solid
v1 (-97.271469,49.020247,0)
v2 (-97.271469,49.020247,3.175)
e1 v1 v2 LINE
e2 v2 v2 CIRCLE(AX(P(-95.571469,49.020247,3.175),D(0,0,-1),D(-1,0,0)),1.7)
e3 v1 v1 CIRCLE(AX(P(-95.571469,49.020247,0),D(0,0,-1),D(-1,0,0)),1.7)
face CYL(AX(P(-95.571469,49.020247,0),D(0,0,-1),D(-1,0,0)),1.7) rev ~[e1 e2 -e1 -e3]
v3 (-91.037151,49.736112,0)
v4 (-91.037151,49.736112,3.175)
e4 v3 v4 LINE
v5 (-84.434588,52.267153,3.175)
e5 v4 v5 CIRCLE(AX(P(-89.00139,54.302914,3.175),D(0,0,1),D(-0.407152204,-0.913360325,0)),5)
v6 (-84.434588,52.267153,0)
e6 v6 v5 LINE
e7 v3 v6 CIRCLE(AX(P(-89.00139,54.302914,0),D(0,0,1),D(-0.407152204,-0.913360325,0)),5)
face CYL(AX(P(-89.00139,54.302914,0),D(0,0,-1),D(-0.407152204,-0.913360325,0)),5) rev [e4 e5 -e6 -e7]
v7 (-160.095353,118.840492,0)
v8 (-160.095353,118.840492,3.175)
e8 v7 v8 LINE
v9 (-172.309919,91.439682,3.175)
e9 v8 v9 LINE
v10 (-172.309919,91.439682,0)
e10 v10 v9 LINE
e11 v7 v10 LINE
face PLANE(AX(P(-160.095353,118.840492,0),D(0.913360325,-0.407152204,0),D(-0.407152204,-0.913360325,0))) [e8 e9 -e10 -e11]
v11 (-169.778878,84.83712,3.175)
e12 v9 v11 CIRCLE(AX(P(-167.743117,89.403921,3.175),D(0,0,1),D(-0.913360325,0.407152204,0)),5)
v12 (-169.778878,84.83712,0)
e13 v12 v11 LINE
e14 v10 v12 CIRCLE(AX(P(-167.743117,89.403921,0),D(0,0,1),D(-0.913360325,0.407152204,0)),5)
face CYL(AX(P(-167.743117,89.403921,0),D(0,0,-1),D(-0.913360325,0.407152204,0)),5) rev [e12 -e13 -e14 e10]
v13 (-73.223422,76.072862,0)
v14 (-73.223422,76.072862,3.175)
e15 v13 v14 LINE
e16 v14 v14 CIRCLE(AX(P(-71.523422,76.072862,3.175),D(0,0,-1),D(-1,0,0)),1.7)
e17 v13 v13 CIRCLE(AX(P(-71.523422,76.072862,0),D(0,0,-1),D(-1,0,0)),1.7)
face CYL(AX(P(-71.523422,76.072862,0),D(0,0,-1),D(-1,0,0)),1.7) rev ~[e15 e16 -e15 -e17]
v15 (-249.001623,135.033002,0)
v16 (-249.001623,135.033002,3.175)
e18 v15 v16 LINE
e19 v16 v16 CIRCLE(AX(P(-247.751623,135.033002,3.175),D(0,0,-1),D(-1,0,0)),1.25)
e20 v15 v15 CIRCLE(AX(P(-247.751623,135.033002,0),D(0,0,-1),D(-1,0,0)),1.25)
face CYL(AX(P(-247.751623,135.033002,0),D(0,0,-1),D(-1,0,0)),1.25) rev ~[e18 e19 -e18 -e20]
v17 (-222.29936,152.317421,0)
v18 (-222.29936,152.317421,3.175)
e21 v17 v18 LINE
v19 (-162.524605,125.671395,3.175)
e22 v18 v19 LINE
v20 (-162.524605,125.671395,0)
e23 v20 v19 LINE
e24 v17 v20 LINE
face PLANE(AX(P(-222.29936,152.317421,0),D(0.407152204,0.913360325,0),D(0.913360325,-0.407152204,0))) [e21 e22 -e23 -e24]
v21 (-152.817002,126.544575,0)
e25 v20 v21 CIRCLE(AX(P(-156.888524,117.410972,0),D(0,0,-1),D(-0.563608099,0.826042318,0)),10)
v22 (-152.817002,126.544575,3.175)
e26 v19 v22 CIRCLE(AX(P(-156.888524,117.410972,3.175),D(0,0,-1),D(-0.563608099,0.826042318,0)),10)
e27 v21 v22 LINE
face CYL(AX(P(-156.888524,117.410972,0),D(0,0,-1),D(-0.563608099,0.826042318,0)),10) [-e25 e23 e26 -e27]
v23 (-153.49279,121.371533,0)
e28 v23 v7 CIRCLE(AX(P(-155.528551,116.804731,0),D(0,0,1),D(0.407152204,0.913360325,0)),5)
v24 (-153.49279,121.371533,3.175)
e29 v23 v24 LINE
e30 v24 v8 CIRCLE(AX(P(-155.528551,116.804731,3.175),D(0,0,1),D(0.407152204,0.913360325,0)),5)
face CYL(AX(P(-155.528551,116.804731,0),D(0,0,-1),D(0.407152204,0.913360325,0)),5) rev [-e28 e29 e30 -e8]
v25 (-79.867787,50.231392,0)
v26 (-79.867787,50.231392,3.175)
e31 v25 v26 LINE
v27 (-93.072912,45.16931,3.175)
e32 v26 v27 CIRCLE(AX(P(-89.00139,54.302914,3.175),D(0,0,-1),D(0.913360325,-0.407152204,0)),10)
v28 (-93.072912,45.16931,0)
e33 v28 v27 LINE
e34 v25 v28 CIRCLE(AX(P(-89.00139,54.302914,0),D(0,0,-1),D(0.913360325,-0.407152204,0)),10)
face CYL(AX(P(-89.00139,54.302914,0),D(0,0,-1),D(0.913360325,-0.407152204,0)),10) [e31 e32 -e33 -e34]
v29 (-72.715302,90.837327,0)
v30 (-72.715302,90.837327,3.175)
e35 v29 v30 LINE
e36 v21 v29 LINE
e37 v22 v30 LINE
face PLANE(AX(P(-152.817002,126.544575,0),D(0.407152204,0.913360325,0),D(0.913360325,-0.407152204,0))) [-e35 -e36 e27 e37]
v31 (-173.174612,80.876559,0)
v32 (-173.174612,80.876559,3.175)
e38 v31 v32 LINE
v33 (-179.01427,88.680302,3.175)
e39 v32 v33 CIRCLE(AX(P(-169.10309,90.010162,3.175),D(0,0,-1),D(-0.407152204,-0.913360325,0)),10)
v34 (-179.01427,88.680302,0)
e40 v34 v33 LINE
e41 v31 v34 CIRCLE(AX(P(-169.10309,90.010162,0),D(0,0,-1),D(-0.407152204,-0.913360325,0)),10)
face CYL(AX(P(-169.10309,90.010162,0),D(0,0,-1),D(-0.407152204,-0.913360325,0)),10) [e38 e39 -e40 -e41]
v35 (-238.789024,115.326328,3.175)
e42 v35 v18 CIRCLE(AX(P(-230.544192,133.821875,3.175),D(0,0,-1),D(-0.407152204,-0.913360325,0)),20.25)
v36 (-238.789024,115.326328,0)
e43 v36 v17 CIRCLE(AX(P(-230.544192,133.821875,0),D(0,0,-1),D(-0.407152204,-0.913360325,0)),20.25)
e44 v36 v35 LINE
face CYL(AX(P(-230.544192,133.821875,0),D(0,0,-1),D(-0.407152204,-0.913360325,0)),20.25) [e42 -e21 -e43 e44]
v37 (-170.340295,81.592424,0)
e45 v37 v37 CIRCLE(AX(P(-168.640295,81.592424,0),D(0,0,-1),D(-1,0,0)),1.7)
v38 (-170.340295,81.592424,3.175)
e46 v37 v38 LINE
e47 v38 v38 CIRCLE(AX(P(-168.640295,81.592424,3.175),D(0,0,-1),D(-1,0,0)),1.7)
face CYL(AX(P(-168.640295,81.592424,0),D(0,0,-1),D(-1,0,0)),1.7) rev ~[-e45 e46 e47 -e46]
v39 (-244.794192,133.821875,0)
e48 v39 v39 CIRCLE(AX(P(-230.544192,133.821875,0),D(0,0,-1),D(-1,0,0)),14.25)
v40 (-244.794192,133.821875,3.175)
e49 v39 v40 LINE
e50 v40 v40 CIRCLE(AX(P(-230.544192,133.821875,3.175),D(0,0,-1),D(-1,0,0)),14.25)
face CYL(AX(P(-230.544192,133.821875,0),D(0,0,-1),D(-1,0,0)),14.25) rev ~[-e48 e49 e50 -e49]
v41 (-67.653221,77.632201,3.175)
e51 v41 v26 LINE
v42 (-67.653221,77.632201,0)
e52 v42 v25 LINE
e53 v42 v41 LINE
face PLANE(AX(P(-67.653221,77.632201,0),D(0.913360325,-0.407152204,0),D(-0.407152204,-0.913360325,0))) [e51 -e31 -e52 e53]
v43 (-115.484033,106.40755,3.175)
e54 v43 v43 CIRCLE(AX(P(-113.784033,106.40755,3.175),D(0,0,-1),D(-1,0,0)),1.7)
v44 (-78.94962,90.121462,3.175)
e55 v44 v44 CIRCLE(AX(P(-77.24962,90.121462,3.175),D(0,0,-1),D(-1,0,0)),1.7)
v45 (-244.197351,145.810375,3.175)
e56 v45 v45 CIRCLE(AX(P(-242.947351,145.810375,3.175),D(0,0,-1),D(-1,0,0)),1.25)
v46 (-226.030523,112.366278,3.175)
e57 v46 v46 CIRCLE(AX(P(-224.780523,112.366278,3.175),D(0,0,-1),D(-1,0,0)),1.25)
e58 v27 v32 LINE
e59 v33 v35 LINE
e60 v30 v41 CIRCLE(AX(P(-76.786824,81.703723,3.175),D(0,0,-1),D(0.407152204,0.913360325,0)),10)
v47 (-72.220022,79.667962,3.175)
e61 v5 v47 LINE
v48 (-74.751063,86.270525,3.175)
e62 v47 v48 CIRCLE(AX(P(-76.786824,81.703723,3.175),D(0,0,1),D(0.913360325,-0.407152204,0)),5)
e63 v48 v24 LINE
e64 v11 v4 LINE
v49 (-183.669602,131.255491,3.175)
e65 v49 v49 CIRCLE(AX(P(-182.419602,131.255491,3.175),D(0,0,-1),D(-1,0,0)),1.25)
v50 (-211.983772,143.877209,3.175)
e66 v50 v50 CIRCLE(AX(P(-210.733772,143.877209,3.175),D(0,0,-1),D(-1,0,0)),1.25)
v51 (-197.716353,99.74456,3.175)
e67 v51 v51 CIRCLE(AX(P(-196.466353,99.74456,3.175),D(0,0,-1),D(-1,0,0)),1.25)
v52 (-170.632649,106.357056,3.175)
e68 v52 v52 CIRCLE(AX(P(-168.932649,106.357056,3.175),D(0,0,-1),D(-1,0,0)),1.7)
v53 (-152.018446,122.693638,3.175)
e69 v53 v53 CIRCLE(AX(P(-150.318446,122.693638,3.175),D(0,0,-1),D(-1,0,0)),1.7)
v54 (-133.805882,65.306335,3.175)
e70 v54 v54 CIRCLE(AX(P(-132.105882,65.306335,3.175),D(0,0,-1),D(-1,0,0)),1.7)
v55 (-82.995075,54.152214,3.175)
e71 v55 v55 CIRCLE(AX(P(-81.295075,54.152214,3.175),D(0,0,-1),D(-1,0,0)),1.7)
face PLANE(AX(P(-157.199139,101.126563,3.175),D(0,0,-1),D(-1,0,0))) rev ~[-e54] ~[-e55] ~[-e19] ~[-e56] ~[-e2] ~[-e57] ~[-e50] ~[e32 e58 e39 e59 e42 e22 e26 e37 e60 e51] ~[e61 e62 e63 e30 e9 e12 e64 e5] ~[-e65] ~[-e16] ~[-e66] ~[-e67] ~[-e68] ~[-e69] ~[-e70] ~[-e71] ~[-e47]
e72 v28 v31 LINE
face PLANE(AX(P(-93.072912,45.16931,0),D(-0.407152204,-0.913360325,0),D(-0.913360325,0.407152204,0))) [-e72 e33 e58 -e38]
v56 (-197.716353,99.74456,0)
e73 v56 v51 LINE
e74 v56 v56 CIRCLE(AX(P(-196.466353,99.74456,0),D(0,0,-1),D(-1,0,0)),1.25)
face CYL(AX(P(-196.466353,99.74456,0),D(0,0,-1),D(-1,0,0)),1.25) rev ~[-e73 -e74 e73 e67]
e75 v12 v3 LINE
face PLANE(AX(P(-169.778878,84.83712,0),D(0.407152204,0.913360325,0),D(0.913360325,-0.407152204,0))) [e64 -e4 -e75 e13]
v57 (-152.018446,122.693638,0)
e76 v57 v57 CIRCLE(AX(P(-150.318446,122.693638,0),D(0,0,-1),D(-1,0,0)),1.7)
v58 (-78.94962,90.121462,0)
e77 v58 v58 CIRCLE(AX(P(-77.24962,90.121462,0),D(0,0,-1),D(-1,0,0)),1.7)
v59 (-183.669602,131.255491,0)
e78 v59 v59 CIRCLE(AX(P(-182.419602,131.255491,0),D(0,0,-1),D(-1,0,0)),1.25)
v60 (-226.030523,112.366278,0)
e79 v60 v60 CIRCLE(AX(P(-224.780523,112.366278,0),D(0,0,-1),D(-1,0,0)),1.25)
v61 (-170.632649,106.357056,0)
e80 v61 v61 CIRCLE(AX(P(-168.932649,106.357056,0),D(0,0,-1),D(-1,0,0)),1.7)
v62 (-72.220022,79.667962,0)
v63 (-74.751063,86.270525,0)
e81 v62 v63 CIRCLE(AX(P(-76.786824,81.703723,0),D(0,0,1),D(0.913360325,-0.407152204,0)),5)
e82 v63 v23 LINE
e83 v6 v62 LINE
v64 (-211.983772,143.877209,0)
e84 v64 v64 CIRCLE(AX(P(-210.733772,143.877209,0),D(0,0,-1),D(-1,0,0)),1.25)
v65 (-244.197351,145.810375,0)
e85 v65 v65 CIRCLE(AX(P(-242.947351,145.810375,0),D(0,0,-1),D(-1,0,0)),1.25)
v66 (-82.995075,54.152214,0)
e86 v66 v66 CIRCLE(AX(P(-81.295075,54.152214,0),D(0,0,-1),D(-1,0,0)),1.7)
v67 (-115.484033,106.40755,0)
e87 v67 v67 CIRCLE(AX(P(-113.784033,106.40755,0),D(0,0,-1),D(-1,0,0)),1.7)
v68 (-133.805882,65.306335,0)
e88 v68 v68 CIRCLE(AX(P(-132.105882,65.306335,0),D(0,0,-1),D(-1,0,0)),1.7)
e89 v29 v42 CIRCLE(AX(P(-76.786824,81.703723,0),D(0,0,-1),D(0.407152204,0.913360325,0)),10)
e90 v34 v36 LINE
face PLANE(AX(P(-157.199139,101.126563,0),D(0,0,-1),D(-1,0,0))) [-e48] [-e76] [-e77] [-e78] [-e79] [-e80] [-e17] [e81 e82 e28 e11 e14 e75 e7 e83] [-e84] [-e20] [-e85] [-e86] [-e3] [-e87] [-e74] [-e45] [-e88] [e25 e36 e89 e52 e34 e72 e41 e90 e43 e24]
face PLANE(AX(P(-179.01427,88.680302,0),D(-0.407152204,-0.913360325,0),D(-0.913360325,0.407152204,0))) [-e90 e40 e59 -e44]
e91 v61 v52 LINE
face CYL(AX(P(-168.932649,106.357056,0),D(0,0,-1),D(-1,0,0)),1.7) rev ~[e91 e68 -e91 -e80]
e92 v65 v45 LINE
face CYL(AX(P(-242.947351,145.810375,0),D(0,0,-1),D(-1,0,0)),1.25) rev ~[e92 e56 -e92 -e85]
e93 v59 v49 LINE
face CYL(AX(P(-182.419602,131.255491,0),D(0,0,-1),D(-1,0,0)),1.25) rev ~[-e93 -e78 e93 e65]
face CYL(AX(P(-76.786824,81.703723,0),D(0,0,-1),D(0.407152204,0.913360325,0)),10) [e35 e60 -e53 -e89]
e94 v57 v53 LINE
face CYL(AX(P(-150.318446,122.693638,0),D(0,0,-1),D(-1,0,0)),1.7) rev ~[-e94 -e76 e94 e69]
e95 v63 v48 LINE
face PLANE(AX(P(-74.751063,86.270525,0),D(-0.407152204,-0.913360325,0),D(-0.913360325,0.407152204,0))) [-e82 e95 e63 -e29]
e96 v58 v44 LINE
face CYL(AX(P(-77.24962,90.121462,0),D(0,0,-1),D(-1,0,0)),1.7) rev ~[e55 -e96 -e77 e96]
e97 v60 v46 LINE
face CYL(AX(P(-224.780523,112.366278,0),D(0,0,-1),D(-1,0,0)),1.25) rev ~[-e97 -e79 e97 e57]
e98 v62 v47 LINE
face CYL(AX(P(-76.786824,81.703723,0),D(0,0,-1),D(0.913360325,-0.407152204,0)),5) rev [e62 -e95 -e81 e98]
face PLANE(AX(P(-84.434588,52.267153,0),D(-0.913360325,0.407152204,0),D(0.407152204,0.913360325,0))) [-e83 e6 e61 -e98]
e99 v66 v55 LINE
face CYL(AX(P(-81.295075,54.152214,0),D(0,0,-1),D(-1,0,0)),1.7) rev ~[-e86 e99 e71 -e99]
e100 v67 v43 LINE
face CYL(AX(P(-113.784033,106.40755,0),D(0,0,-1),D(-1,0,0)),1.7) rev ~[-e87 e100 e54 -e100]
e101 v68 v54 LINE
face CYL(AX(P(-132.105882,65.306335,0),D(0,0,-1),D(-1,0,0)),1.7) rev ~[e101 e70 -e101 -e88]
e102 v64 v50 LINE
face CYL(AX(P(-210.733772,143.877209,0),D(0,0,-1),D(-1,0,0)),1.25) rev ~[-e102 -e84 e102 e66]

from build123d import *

# Parameters (mm, degrees)
SKETCH1_R           = 1.7
SKETCH1_R_2         = 14.25
SKETCH1_R_3         = 1.25
BOSS_EXTRUDE1_DEPTH = 3.175


with BuildPart() as part:
    # Sketch1 → Boss-Extrude1 (new body)
    with BuildSketch(Plane(origin=(0, 0, 0), x_dir=(-1, 0, 0), z_dir=(0, 0, -1))):
        with BuildLine():
            Line((67.653220557, 77.632201435), (79.867786674, 50.231391692))
            ThreePointArc((79.867786674, 50.231391692), (85.421957972, 44.965480094), (93.072911961, 45.169310483))
            Line((93.072911961, 45.169310483), (173.174612442, 80.876558766))
            ThreePointArc((173.174612442, 80.876558766), (177.109561802, 84.018800254), (179.014269534, 88.680301782))
            Line((179.014269534, 88.680301782), (238.78902448, 115.326328059))
            ThreePointArc((238.78902448, 115.326328059), (249.039738928, 142.066706765), (222.299360222, 152.317421212))
            Line((222.299360222, 152.317421212), (162.524605276, 125.671394934))
            ThreePointArc((162.524605276, 125.671394934), (157.784388135, 127.370762315), (152.817002247, 126.544575004))
            Line((152.817002247, 126.544575004), (72.715301765, 90.837326721))
            ThreePointArc((72.715301765, 90.837326721), (67.449390168, 85.283155423), (67.653220557, 77.632201435))
        make_face()
        with Locations((168.932649456, 106.357056211)):
            Circle(SKETCH1_R, mode=Mode.SUBTRACT)
        with Locations((71.52342211, 76.072861852)):
            Circle(SKETCH1_R, mode=Mode.SUBTRACT)
        with Locations((81.295075004, 54.152214057)):
            Circle(SKETCH1_R, mode=Mode.SUBTRACT)
        with Locations((77.249619525, 90.121461895)):
            Circle(SKETCH1_R, mode=Mode.SUBTRACT)
        with Locations((113.784032516, 106.407550051)):
            Circle(SKETCH1_R, mode=Mode.SUBTRACT)
        with Locations((150.318445506, 122.693638207)):
            Circle(SKETCH1_R, mode=Mode.SUBTRACT)
        with Locations((168.640294682, 81.592423593)):
            Circle(SKETCH1_R, mode=Mode.SUBTRACT)
        with Locations((132.105881692, 65.306335437)):
            Circle(SKETCH1_R, mode=Mode.SUBTRACT)
        with Locations((95.571468701, 49.02024728)):
            Circle(SKETCH1_R, mode=Mode.SUBTRACT)
        with Locations((230.544192351, 133.821874636)):
            Circle(SKETCH1_R_2, mode=Mode.SUBTRACT)
        with Locations((196.466353254, 99.744559857)):
            Circle(SKETCH1_R_3, mode=Mode.SUBTRACT)
        with Locations((224.780523322, 112.366278179)):
            Circle(SKETCH1_R_3, mode=Mode.SUBTRACT)
        with Locations((210.733772287, 143.877209383)):
            Circle(SKETCH1_R_3, mode=Mode.SUBTRACT)
        with Locations((182.419602219, 131.255491062)):
            Circle(SKETCH1_R_3, mode=Mode.SUBTRACT)
        with Locations((242.947351213, 145.810375386)):
            Circle(SKETCH1_R_3, mode=Mode.SUBTRACT)
        with Locations((247.751623016, 135.033002179)):
            Circle(SKETCH1_R_3, mode=Mode.SUBTRACT)
        with BuildLine():
            Line((74.751062785, 86.270525098), (153.492790079, 121.371532814))
            ThreePointArc((153.492790079, 121.371532814), (157.318267073, 121.473448009), (160.095352722, 118.84049221))
            Line((160.095352722, 118.84049221), (172.30991884, 91.439682467))
            ThreePointArc((172.30991884, 91.439682467), (172.411834034, 87.614205473), (169.778878235, 84.837119824))
            Line((169.778878235, 84.837119824), (91.037150941, 49.736112107))
            ThreePointArc((91.037150941, 49.736112107), (87.211673947, 49.634196913), (84.434588298, 52.267152711))
            Line((84.434588298, 52.267152711), (72.22002218, 79.667962454))
            ThreePointArc((72.22002218, 79.667962454), (72.118106986, 83.493439449), (74.751062785, 86.270525098))
        make_face(mode=Mode.SUBTRACT)
    extrude(amount=-BOSS_EXTRUDE1_DEPTH)


solid = part.part
